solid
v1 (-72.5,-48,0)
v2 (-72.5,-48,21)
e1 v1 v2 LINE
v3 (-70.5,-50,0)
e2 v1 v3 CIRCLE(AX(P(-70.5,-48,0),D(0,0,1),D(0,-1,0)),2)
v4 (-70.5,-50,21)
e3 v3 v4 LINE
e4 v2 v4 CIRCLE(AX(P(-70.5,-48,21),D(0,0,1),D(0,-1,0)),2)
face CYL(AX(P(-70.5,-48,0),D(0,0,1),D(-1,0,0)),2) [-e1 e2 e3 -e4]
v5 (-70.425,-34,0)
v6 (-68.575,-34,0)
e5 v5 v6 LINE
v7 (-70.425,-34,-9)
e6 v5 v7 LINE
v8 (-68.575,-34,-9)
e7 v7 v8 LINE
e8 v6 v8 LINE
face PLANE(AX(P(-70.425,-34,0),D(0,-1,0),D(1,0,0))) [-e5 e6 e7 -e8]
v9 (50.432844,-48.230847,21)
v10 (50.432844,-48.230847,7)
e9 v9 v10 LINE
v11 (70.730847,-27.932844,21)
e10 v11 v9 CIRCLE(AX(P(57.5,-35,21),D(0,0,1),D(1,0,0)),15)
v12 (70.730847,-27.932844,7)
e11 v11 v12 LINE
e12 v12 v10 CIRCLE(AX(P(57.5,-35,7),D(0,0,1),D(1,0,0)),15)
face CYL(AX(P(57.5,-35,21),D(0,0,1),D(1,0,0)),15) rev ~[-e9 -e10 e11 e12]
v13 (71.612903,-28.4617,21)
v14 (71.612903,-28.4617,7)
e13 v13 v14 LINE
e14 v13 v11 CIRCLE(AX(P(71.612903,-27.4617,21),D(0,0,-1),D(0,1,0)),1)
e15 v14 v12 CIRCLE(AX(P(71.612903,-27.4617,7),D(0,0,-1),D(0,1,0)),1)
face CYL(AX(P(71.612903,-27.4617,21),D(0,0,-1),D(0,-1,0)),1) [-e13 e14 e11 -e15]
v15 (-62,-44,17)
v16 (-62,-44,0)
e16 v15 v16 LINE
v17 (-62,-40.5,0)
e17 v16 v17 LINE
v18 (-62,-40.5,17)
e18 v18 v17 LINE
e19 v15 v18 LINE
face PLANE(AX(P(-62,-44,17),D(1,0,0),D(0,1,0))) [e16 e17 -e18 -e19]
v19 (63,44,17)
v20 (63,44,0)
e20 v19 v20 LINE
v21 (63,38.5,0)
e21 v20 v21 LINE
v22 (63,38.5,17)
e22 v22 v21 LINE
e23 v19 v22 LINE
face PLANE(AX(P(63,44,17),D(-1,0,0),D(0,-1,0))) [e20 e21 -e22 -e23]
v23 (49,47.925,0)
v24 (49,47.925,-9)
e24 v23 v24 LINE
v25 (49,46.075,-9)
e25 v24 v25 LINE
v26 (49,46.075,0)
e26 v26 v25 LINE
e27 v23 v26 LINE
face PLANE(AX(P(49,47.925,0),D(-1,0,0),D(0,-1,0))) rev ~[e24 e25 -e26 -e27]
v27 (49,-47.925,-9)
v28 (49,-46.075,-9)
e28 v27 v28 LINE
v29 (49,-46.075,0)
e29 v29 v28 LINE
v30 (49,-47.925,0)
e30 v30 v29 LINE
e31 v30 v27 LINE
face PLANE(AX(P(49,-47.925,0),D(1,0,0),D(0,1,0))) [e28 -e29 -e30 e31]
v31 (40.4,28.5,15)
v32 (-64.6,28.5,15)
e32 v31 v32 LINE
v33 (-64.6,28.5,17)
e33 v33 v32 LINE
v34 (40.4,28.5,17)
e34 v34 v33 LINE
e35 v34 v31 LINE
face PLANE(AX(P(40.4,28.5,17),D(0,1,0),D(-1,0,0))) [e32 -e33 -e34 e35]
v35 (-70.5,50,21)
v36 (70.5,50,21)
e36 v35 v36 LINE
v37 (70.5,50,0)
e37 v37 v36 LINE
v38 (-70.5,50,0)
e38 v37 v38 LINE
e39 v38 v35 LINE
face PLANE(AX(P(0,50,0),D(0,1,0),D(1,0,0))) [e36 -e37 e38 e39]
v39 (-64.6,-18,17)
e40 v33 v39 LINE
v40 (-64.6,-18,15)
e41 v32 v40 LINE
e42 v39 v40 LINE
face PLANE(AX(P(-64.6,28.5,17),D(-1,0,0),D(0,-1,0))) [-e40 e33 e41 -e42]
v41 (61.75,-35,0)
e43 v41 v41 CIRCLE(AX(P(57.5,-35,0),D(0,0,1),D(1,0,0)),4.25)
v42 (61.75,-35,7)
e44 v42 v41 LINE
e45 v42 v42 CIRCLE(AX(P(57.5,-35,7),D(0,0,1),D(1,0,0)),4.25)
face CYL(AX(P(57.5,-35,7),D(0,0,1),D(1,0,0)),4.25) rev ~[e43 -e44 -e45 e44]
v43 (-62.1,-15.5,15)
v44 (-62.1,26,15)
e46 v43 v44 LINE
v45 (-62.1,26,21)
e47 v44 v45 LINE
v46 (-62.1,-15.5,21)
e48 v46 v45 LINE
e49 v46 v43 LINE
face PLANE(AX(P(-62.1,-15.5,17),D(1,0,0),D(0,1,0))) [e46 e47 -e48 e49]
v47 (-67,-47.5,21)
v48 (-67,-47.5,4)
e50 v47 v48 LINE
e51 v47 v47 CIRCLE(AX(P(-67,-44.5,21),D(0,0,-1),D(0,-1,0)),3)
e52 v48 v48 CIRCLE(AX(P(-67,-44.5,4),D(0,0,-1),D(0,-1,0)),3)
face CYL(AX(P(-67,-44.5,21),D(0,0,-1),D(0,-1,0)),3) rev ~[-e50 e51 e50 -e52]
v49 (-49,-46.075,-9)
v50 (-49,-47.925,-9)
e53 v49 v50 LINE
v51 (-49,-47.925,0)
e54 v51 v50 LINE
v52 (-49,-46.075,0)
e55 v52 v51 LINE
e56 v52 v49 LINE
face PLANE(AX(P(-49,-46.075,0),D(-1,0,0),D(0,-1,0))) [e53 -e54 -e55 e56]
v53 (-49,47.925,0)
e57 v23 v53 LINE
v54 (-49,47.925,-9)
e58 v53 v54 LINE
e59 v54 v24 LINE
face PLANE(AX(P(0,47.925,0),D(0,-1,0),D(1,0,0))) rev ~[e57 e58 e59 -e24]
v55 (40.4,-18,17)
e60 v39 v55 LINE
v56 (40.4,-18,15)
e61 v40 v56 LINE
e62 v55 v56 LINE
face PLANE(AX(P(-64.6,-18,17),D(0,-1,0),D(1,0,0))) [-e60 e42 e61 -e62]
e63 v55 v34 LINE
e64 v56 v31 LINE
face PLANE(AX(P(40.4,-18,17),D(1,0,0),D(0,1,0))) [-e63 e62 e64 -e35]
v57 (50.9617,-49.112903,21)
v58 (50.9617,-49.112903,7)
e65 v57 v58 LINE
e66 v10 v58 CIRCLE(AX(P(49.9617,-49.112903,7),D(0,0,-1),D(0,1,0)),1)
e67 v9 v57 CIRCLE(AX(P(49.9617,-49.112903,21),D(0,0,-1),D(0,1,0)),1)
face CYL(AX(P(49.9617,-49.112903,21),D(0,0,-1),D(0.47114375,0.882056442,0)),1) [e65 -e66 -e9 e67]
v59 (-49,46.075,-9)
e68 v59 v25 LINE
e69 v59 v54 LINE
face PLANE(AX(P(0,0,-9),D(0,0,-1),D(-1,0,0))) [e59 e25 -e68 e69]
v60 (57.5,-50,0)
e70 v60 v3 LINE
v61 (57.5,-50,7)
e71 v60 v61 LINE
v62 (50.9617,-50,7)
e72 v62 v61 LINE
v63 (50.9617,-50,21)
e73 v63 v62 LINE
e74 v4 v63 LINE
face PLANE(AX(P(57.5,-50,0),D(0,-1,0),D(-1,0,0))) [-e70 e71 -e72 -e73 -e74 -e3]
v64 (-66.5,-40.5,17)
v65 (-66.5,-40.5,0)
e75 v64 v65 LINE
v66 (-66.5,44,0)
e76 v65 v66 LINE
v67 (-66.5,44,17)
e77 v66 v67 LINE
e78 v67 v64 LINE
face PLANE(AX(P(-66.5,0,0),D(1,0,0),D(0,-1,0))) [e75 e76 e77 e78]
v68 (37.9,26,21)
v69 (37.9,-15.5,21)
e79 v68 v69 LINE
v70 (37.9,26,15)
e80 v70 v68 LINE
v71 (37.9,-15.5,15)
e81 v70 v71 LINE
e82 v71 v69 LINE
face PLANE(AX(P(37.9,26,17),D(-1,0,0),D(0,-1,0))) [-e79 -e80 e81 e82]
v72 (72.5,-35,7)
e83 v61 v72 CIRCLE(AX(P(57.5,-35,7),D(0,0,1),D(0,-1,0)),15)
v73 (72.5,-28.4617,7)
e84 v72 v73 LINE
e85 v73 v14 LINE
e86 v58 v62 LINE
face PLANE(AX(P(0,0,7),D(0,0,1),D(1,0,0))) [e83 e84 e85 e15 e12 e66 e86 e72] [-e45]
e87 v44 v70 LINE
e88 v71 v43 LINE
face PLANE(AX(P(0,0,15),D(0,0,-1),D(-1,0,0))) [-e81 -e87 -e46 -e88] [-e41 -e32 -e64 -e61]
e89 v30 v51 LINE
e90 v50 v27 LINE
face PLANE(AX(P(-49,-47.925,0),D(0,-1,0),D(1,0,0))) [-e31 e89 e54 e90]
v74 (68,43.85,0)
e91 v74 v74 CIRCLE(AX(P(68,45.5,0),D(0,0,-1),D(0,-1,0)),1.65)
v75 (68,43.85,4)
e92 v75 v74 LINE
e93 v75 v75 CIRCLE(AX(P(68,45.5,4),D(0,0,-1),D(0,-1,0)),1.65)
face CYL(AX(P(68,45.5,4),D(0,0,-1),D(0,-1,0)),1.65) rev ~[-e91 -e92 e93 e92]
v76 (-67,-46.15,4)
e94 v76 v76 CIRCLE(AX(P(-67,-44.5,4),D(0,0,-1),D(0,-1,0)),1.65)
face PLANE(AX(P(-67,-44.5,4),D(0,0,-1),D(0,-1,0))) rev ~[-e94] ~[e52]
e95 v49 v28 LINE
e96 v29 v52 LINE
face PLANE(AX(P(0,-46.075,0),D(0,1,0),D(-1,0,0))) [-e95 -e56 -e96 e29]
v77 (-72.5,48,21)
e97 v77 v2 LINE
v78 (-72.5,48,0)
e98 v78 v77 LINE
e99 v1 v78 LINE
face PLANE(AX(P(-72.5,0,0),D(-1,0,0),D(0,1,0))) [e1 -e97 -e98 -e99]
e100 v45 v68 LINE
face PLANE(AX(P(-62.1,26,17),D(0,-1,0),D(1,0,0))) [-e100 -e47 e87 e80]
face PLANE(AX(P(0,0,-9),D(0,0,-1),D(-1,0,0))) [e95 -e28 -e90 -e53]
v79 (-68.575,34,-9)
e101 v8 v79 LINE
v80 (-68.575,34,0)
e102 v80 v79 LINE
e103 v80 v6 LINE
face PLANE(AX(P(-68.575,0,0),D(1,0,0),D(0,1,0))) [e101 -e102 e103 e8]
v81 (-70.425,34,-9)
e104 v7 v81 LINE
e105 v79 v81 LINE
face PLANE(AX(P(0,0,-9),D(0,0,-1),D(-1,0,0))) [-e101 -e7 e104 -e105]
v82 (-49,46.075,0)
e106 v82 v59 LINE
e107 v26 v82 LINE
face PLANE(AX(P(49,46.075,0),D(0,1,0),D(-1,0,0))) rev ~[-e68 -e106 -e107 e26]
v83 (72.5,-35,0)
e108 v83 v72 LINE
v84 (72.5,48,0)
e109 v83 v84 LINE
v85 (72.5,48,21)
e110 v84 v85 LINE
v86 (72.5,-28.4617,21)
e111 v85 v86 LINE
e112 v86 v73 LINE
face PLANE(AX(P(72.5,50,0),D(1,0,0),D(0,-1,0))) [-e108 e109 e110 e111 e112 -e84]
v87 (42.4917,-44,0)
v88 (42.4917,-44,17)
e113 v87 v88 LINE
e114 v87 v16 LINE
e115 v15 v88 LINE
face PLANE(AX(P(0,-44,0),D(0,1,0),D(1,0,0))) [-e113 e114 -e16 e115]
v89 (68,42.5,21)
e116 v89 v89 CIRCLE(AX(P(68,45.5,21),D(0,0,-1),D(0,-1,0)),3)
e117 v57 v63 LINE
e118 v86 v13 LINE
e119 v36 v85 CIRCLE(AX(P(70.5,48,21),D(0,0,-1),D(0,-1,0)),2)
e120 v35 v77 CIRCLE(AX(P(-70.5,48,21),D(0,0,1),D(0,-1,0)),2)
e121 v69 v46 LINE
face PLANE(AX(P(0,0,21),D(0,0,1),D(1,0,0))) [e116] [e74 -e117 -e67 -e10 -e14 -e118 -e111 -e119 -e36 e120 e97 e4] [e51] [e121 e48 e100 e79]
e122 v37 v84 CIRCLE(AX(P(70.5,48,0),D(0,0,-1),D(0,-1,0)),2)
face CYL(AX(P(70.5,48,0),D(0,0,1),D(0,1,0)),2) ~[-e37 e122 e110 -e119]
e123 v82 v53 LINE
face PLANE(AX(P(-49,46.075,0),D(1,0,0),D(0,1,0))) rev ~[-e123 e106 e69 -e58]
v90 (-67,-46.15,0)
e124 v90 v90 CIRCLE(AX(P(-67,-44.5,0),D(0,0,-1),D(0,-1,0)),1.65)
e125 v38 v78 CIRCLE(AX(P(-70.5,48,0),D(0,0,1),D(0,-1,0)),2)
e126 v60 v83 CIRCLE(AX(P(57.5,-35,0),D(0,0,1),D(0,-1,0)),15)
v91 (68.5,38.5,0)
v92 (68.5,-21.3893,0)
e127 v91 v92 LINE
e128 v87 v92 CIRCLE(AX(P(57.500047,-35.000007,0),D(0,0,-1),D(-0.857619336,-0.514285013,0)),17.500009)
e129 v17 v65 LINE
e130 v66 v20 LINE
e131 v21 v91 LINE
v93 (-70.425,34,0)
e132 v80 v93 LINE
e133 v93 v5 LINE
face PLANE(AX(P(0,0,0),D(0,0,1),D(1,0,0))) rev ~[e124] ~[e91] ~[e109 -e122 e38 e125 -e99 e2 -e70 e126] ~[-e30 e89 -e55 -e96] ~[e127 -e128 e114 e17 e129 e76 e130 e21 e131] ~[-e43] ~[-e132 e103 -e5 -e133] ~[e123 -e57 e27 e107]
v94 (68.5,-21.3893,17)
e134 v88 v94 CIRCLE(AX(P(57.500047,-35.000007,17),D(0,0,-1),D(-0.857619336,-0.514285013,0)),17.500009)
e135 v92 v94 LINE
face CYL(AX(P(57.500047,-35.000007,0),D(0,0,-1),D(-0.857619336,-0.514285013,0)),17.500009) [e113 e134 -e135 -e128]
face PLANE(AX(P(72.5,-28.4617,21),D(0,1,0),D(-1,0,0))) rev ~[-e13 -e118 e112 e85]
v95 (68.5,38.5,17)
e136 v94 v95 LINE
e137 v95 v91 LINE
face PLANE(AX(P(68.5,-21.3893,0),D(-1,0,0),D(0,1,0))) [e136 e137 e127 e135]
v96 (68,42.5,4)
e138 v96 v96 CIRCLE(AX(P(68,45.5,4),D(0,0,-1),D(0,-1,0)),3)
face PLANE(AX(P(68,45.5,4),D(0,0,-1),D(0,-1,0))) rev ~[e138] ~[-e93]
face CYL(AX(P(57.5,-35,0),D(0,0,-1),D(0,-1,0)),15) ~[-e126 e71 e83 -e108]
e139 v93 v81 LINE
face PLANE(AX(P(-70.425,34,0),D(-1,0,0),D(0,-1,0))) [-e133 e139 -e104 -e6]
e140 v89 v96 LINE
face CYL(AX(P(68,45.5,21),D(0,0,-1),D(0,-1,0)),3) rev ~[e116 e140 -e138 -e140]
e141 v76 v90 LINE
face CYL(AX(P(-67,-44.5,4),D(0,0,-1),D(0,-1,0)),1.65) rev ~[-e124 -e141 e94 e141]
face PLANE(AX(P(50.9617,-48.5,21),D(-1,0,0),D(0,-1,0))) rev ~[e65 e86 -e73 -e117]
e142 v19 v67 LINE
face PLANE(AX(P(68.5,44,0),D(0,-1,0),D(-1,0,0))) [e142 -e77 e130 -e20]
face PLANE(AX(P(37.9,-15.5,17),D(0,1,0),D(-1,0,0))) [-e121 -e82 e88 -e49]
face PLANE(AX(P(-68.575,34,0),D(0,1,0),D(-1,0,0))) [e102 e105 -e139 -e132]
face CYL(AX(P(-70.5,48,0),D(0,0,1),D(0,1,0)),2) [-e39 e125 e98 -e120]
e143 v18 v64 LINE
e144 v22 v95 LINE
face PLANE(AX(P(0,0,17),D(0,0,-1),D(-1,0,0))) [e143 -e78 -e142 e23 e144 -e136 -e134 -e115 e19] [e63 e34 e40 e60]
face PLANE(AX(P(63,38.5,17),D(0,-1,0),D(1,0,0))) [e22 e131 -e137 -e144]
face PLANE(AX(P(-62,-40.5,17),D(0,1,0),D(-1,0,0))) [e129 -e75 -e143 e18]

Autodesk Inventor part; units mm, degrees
ref_plane "YZ Plane" through (0, 0, 0) normal (1, 0, 0) x (0, 1, 0)
ref_plane "XZ Plane" through (0, 0, 0) normal (0, 1, 0) x (-1, 0, 0)
ref_plane "XY Plane" through (0, 0, 0) normal (0, 0, 1) x (1, 0, 0)
sketch "Náčrt1" plane through (0, 0, 0) normal (0, 0, 1) x (1, 0, 0)
  line L0 (0, 71.1184) -> (0, -73.8108) projected
  line L1 (-102.6184, 0) -> (105.3108, 0) projected
  line L2 (-72.5, 50) -> (72.5, 50)
  line L3 (72.5, 50) -> (72.5, -35)
  line L4 (57.5, -50) -> (-72.5, -50)
  line L5 (-72.5, -50) -> (-72.5, 50)
  arc A0 (57.5, -50) -> (72.5, -35) centre (57.5, -35) ccw
  point P0 (0, 0)
  dimension "d2" = 30
  dimension "d37" = 145
  dimension "d38" = 100
extrude "Vysunutí1" add sketch "Náčrt1" along normal blind 21
sketch "Náčrt2" plane through (0, 0, 21) normal (0, 0, 1) x (1, 0, 0)
  line L0 (-72.5, -50) -> (57.5, -50) projected
  arc A0 (57.5, -50) -> (72.5, -35) centre (57.5, -35) ccw projected
  line L1 (72.5, -35) -> (72.5, 50) projected
  line L2 (72.5, 50) -> (-72.5, 50) projected
  line L3 (-72.5, 50) -> (-72.5, -50) projected
  circle A1 centre (57.5, -35) radius 15
  line L4 (72.5, -27.3264) -> (72.5, -35)
  line L5 (64.2851, -50) -> (57.5, -50)
  line L6 (72.5, -35) -> (72.5, 50) projected
  line L7 (72.5, -35) -> (72.5, -35)
  line L8 (72.5, -28.4617) -> (71, -28.4617)
  line L9 (50.9617, -48.5) -> (50.9617, -50)
  point P0 (0, 0)
  point P1 (49.2851, -47.5505)
  point P2 (70.3886, -27.3264)
  point P3 (50.9617, -50)
  dimension "d11" = 1.5
  dimension "d12" = 1.5
extrude "Vysunutí2" cut sketch "Náčrt2" against normal blind 14 contours L9 A1 L0 | A1 A0 | A1 L8 L1
sketch "Náčrt3" plane through (0, 0, 7) normal (0, 0, 1) x (1, 0, 0)
  arc A0 (57.5, -50) -> (72.5, -35) centre (57.5, -35) ccw projected
  circle A1 centre (57.5, -35) radius 4.25
  line L0 (72.5, -28.4617) -> (72.5, -35) projected
  line L1 (57.5, -50) -> (50.9617, -50) projected
  line L2 (71, -28.4617) -> (72.5, -28.4617) projected
  arc A2 (71, -28.4617) -> (50.9617, -48.5) centre (57.5, -35) ccw projected
  line L3 (50.9617, -50) -> (50.9617, -48.5) projected
  point P0 (0, 0)
  dimension "d7" = 8.5
extrude "Vysunutí3" cut sketch "Náčrt3" against normal blind 12 contours A1
fillet "Zaoblení1" radius 2 3 edges at (72.5, 50, 10.5) (-72.5, 50, 10.5) (-72.5, -50, 10.5)
fillet "Zaoblení2" radius 1 2 edges at (71, -28.4617, 14) (50.9617, -48.5, 14)
sketch "Náčrt4" plane through (0, 0, 21) normal (0, 0, 1) x (1, 0, 0)
  arc A0 (50.9617, -49.1129) -> (50.4328, -48.2308) centre (49.9617, -49.1129) ccw projected
  arc A1 (70.7308, -27.9328) -> (50.4328, -48.2308) centre (57.5, -35) ccw projected
  arc A2 (70.7308, -27.9328) -> (71.6129, -28.4617) centre (71.6129, -27.4617) ccw projected
  line L0 (71.6129, -28.4617) -> (72.5, -28.4617) projected
  line L1 (72.5, -28.4617) -> (72.5, 48) projected
  arc A3 (72.5, 48) -> (70.5, 50) centre (70.5, 48) ccw projected
  line L2 (70.5, 50) -> (-70.5, 50) projected
  arc A4 (-70.5, 50) -> (-72.5, 48) centre (-70.5, 48) ccw projected
  line L3 (-72.5, 48) -> (-72.5, -48) projected
  arc A5 (-72.5, -48) -> (-70.5, -50) centre (-70.5, -48) ccw projected
  line L4 (-70.5, -50) -> (50.9617, -50) projected
  line L5 (50.9617, -50) -> (50.9617, -49.1129) projected
  line L6 (-66.5, 44) -> (68.5, 44) construction
  line L7 (68.5, 44) -> (68.5, -44) construction
  line L8 (68.5, -44) -> (-66.5, -44) construction
  line L9 (-66.5, -44) -> (-66.5, 44) construction
  point P0 (0, 0)
  dimension "d14" = 4
  dimension "d15" = 6
  dimension "d16" = 6
  dimension "d17" = 6
sketch "Náčrt5" plane through (0, 0, 21) normal (0, 0, 1) x (1, 0, 0)
  line L0 (-62.1, 26) -> (37.9, 26)
  line L1 (37.9, 26) -> (37.9, -15.5)
  line L2 (37.9, -15.5) -> (-62.1, -15.5)
  line L3 (-62.1, -15.5) -> (-62.1, 26)
  line L4 (-66.5, 44) -> (68.5, 44) construction
  line L5 (-66.5, -44) -> (-66.5, 44) construction
  line L6 (68.5, -44) -> (-66.5, -44) construction
  line L7 (68.5, 44) -> (68.5, -44) construction
  point P0 (0, 0)
  dimension "d18" = 100
  dimension "d19" = 41.5
  dimension "d20" = 18
  dimension "d21" = 4.4
extrude "Vysunutí4" cut sketch "Náčrt5" against normal blind 21
sketch "Náčrt6" plane through (0, 0, 0) normal (0, 0, -1) x (-1, 0, 0)
  line L0 (-37.9, -15.5) -> (-37.9, 26) projected
  line L1 (-37.9, 26) -> (62.1, 26) projected
  line L2 (62.1, 26) -> (62.1, -15.5) projected
  line L3 (62.1, -15.5) -> (-37.9, -15.5) projected
  arc A0 (70.5, -50) -> (72.5, -48) centre (70.5, -48) ccw projected
  line L4 (72.5, 48) -> (72.5, -48) projected
  arc A1 (72.5, 48) -> (70.5, 50) centre (70.5, 48) ccw projected
  line L5 (-70.5, 50) -> (70.5, 50) projected
  arc A2 (-70.5, 50) -> (-72.5, 48) centre (-70.5, 48) ccw projected
  line L6 (-72.5, -35) -> (-72.5, 48) projected
  arc A3 (-72.5, -35) -> (-57.5, -50) centre (-57.5, -35) ccw projected
  line L7 (70.5, -50) -> (-57.5, -50) projected
  circle A4 centre (-57.5, -35) radius 4.25 projected
  arc A5 (-50.4328, -48.2308) -> (-70.7308, -27.9328) centre (-57.5, -35) ccw projected
  line L8 (0, -73.8108) -> (0, 71.1184) projected
  line L9 (-105.3108, 0) -> (102.6184, 0) projected
  line L10 (-68.5, 44) -> (66.5, 44)
  line L11 (66.5, 44) -> (66.5, -44)
  line L12 (66.5, -44) -> (-42.4917, -44)
  line L13 (-68.5, -24.802) -> (-68.5, 44)
  arc A6 (-42.4917, -44) -> (-68.5, -21.3893) centre (-57.5, -35) ccw
  point P0 (0, 0)
  dimension "d24" = 4
  dimension "d25" = 6
  dimension "d26" = 6
  dimension "d27" = 6
  dimension "d28" = 35
extrude "Vysunutí5" cut sketch "Náčrt6" against normal blind 17 contours L3 L8 L12 A6 L13 L9 L0 | L9 L13 L10 L8 L1 L0 | L3 L2 L9 L11 L12 L8 | L8 L10 L11 L9 L2 L1
sketch "Náčrt7" plane through (0, 0, 17) normal (0, 0, -1) x (-1, 0, 0)
  line L0 (-68.5, 44) -> (66.5, 44) projected
  line L1 (-68.5, -21.3893) -> (-68.5, 44) projected
  arc A0 (-42.4917, -44) -> (-68.5, -21.3893) centre (-57.5, -35) ccw projected
  line L2 (66.5, -44) -> (-42.4917, -44) projected
  line L3 (66.5, 44) -> (66.5, -44) projected
  line L4 (62.1, -15.5) -> (62.1, 26) projected
  line L5 (-37.9, -15.5) -> (62.1, -15.5) projected
  line L6 (-37.9, 26) -> (-37.9, -15.5) projected
  line L7 (62.1, 26) -> (-37.9, 26) projected
  line L8 (-40.4, 28.5) -> (64.6, 28.5)
  line L9 (64.6, 28.5) -> (64.6, -18)
  line L10 (64.6, -18) -> (-40.4, -18)
  line L11 (-40.4, -18) -> (-40.4, 28.5)
  point P0 (0, 0)
  dimension "d31" = 2.5
  dimension "d32" = 2.5
  dimension "d33" = 2.5
  dimension "d34" = 2.5
extrude "Vysunutí6" add sketch "Náčrt7" along normal blind 2 contours L8 L9 L10 L11
sketch "Náčrt8" plane through (0, 0, 0) normal (0, 0, -1) x (-1, 0, 0)
  line L0 (-68.5, -21.3893) -> (-68.5, 44) projected
  line L1 (-68.5, 44) -> (66.5, 44) projected
  line L2 (66.5, 44) -> (66.5, -44) projected
  line L3 (66.5, -44) -> (-42.4917, -44) projected
  arc A0 (-42.4917, -44) -> (-68.5, -21.3893) centre (-57.5, -35) ccw projected
  arc A1 (70.5, -50) -> (72.5, -48) centre (70.5, -48) ccw projected
  line L4 (72.5, 48) -> (72.5, -48) projected
  arc A2 (72.5, 48) -> (70.5, 50) centre (70.5, 48) ccw projected
  line L5 (-70.5, 50) -> (70.5, 50) projected
  arc A3 (-70.5, 50) -> (-72.5, 48) centre (-70.5, 48) ccw projected
  line L6 (-72.5, -35) -> (-72.5, 48) projected
  arc A4 (-72.5, -35) -> (-57.5, -50) centre (-57.5, -35) ccw projected
  line L7 (70.5, -50) -> (-57.5, -50) projected
  circle A5 centre (-57.5, -35) radius 4.25 projected
  point P0 (0, 0)
sketch "Náčrt9" plane through (0, 0, 17) normal (0, 0, -1) x (-1, 0, 0)
  line L0 (-40.4, -18) -> (-40.4, 28.5) projected
  line L1 (-40.4, 28.5) -> (64.6, 28.5) projected
  line L2 (64.6, 28.5) -> (64.6, -18) projected
  line L3 (64.6, -18) -> (-40.4, -18) projected
  line L4 (-68.5, 44) -> (66.5, 44) projected
  line L5 (-68.5, -21.3893) -> (-68.5, 44) projected
  arc A0 (-42.4917, -44) -> (-68.5, -21.3893) centre (-57.5, -35) ccw projected
  line L6 (66.5, -44) -> (-42.4917, -44) projected
  line L7 (66.5, 44) -> (66.5, -44) projected
  line L8 (66.5, -44) -> (-42.4917, -44) projected
  line L9 (66.5, -44) -> (62, -44)
  line L10 (62, -44) -> (62, -40.5)
  line L11 (62, -40.5) -> (66.5, -40.5)
  line L12 (66.5, -40.5) -> (66.5, -44)
  line L13 (-68.5, 44) -> (-63, 44)
  line L14 (-63, 44) -> (-63, 38.5)
  line L15 (-63, 38.5) -> (-68.5, 38.5)
  line L16 (-68.5, 38.5) -> (-68.5, 44)
  point P0 (0, 0)
  dimension "d48" = 4.5
  dimension "d49" = 3.5
  dimension "d50" = 5.5
  dimension "d51" = 5.5
extrude "Vysunutí7" add sketch "Náčrt9" along normal up to surface (17 mm away) contours L4 L14 L15 L5 | L7 L6 L10 L11
sketch "Náčrt10" plane through (0, 0, 0) normal (0, 0, -1) x (-1, 0, 0)
  circle A0 centre (67, -44.5) radius 3
  circle A1 centre (-68, 45.5) radius 3
  line L0 (-72.5, -35) -> (-72.5, 48) projected
  line L1 (-70.5, 50) -> (70.5, 50) projected
  line L2 (70.5, -50) -> (-57.5, -50) projected
  line L3 (72.5, 48) -> (72.5, -48) projected
  point P0 (0, 0)
  dimension "d54" = 6
  dimension "d55" = 6
  dimension "d56" = 4.5
  dimension "d57" = 4.5
  dimension "d58" = 5.5
  dimension "d59" = 5.5
sketch "Náčrt11" plane through (0, 0, 21) normal (0, 0, 1) x (1, 0, 0)
  point P0 (0, 0)
  point P1 (-67, -44.5)
  point P2 (68, 45.5)
  point P3 (68, 45.5)
  point P4 (-67, -44.5)
hole "Díra1" at (68, 45.5, 21) at (-67, -44.5, 21) direction (0, 0, -1) diameter 6 depth 17
sketch "Náčrt12" plane through (68, 45.5, 4) normal (0, 0, 1) x (1, 0, 0)
  line L0 (4.5, -73.9617) -> (4.5, 2.5) projected
  line L1 (2.5, 4.5) -> (-138.5, 4.5) projected
  circle A0 centre (-135, -90) radius 3 projected
  point P0 (-68, -45.5)
  point P1 (0, 0)
  dimension "d67" = 4.5
  dimension "d68" = 4.5
hole "Díra2" at (68, 45.5, 4) at (-67, -44.5, 4) direction (0, 0, -1) diameter 3.3 depth 17
sketch "Náčrt13" plane through (0, 0, 0) normal (0, 0, -1) x (-1, 0, 0)
  line L0 (49, -47.925) -> (-49, -47.925)
  line L1 (-49, -47.925) -> (-49, -46.075)
  line L2 (-49, -46.075) -> (49, -46.075)
  line L3 (49, -46.075) -> (49, -47.925)
  line L4 (0, -73.8108) -> (0, 71.1184) projected
  line L5 (70.5, -50) -> (-57.5, -50) projected
  line L6 (-105.3108, 0) -> (102.6184, 0) projected
  line L7 (49, 47.925) -> (-49, 47.925)
  line L8 (-49, 47.925) -> (-49, 46.075)
  line L9 (-49, 46.075) -> (49, 46.075)
  line L10 (49, 46.075) -> (49, 47.925)
  line L11 (70.425, -34) -> (68.575, -34)
  line L12 (68.575, -34) -> (68.575, 34)
  line L13 (68.575, 34) -> (70.425, 34)
  line L14 (70.425, 34) -> (70.425, -34)
  line L15 (66.5, 44) -> (66.5, -40.5) projected
  point P0 (0, 0)
  dimension "d76" = 98
  dimension "d77" = 1.85
  dimension "d78" = 2.075
  dimension "d79" = 1.85
  dimension "d80" = 68
  dimension "d81" = 2.075
extrude "Vysunutí8" add sketch "Náčrt13" along normal blind 9
properties part number "Krabička_horni_3D tisk"
